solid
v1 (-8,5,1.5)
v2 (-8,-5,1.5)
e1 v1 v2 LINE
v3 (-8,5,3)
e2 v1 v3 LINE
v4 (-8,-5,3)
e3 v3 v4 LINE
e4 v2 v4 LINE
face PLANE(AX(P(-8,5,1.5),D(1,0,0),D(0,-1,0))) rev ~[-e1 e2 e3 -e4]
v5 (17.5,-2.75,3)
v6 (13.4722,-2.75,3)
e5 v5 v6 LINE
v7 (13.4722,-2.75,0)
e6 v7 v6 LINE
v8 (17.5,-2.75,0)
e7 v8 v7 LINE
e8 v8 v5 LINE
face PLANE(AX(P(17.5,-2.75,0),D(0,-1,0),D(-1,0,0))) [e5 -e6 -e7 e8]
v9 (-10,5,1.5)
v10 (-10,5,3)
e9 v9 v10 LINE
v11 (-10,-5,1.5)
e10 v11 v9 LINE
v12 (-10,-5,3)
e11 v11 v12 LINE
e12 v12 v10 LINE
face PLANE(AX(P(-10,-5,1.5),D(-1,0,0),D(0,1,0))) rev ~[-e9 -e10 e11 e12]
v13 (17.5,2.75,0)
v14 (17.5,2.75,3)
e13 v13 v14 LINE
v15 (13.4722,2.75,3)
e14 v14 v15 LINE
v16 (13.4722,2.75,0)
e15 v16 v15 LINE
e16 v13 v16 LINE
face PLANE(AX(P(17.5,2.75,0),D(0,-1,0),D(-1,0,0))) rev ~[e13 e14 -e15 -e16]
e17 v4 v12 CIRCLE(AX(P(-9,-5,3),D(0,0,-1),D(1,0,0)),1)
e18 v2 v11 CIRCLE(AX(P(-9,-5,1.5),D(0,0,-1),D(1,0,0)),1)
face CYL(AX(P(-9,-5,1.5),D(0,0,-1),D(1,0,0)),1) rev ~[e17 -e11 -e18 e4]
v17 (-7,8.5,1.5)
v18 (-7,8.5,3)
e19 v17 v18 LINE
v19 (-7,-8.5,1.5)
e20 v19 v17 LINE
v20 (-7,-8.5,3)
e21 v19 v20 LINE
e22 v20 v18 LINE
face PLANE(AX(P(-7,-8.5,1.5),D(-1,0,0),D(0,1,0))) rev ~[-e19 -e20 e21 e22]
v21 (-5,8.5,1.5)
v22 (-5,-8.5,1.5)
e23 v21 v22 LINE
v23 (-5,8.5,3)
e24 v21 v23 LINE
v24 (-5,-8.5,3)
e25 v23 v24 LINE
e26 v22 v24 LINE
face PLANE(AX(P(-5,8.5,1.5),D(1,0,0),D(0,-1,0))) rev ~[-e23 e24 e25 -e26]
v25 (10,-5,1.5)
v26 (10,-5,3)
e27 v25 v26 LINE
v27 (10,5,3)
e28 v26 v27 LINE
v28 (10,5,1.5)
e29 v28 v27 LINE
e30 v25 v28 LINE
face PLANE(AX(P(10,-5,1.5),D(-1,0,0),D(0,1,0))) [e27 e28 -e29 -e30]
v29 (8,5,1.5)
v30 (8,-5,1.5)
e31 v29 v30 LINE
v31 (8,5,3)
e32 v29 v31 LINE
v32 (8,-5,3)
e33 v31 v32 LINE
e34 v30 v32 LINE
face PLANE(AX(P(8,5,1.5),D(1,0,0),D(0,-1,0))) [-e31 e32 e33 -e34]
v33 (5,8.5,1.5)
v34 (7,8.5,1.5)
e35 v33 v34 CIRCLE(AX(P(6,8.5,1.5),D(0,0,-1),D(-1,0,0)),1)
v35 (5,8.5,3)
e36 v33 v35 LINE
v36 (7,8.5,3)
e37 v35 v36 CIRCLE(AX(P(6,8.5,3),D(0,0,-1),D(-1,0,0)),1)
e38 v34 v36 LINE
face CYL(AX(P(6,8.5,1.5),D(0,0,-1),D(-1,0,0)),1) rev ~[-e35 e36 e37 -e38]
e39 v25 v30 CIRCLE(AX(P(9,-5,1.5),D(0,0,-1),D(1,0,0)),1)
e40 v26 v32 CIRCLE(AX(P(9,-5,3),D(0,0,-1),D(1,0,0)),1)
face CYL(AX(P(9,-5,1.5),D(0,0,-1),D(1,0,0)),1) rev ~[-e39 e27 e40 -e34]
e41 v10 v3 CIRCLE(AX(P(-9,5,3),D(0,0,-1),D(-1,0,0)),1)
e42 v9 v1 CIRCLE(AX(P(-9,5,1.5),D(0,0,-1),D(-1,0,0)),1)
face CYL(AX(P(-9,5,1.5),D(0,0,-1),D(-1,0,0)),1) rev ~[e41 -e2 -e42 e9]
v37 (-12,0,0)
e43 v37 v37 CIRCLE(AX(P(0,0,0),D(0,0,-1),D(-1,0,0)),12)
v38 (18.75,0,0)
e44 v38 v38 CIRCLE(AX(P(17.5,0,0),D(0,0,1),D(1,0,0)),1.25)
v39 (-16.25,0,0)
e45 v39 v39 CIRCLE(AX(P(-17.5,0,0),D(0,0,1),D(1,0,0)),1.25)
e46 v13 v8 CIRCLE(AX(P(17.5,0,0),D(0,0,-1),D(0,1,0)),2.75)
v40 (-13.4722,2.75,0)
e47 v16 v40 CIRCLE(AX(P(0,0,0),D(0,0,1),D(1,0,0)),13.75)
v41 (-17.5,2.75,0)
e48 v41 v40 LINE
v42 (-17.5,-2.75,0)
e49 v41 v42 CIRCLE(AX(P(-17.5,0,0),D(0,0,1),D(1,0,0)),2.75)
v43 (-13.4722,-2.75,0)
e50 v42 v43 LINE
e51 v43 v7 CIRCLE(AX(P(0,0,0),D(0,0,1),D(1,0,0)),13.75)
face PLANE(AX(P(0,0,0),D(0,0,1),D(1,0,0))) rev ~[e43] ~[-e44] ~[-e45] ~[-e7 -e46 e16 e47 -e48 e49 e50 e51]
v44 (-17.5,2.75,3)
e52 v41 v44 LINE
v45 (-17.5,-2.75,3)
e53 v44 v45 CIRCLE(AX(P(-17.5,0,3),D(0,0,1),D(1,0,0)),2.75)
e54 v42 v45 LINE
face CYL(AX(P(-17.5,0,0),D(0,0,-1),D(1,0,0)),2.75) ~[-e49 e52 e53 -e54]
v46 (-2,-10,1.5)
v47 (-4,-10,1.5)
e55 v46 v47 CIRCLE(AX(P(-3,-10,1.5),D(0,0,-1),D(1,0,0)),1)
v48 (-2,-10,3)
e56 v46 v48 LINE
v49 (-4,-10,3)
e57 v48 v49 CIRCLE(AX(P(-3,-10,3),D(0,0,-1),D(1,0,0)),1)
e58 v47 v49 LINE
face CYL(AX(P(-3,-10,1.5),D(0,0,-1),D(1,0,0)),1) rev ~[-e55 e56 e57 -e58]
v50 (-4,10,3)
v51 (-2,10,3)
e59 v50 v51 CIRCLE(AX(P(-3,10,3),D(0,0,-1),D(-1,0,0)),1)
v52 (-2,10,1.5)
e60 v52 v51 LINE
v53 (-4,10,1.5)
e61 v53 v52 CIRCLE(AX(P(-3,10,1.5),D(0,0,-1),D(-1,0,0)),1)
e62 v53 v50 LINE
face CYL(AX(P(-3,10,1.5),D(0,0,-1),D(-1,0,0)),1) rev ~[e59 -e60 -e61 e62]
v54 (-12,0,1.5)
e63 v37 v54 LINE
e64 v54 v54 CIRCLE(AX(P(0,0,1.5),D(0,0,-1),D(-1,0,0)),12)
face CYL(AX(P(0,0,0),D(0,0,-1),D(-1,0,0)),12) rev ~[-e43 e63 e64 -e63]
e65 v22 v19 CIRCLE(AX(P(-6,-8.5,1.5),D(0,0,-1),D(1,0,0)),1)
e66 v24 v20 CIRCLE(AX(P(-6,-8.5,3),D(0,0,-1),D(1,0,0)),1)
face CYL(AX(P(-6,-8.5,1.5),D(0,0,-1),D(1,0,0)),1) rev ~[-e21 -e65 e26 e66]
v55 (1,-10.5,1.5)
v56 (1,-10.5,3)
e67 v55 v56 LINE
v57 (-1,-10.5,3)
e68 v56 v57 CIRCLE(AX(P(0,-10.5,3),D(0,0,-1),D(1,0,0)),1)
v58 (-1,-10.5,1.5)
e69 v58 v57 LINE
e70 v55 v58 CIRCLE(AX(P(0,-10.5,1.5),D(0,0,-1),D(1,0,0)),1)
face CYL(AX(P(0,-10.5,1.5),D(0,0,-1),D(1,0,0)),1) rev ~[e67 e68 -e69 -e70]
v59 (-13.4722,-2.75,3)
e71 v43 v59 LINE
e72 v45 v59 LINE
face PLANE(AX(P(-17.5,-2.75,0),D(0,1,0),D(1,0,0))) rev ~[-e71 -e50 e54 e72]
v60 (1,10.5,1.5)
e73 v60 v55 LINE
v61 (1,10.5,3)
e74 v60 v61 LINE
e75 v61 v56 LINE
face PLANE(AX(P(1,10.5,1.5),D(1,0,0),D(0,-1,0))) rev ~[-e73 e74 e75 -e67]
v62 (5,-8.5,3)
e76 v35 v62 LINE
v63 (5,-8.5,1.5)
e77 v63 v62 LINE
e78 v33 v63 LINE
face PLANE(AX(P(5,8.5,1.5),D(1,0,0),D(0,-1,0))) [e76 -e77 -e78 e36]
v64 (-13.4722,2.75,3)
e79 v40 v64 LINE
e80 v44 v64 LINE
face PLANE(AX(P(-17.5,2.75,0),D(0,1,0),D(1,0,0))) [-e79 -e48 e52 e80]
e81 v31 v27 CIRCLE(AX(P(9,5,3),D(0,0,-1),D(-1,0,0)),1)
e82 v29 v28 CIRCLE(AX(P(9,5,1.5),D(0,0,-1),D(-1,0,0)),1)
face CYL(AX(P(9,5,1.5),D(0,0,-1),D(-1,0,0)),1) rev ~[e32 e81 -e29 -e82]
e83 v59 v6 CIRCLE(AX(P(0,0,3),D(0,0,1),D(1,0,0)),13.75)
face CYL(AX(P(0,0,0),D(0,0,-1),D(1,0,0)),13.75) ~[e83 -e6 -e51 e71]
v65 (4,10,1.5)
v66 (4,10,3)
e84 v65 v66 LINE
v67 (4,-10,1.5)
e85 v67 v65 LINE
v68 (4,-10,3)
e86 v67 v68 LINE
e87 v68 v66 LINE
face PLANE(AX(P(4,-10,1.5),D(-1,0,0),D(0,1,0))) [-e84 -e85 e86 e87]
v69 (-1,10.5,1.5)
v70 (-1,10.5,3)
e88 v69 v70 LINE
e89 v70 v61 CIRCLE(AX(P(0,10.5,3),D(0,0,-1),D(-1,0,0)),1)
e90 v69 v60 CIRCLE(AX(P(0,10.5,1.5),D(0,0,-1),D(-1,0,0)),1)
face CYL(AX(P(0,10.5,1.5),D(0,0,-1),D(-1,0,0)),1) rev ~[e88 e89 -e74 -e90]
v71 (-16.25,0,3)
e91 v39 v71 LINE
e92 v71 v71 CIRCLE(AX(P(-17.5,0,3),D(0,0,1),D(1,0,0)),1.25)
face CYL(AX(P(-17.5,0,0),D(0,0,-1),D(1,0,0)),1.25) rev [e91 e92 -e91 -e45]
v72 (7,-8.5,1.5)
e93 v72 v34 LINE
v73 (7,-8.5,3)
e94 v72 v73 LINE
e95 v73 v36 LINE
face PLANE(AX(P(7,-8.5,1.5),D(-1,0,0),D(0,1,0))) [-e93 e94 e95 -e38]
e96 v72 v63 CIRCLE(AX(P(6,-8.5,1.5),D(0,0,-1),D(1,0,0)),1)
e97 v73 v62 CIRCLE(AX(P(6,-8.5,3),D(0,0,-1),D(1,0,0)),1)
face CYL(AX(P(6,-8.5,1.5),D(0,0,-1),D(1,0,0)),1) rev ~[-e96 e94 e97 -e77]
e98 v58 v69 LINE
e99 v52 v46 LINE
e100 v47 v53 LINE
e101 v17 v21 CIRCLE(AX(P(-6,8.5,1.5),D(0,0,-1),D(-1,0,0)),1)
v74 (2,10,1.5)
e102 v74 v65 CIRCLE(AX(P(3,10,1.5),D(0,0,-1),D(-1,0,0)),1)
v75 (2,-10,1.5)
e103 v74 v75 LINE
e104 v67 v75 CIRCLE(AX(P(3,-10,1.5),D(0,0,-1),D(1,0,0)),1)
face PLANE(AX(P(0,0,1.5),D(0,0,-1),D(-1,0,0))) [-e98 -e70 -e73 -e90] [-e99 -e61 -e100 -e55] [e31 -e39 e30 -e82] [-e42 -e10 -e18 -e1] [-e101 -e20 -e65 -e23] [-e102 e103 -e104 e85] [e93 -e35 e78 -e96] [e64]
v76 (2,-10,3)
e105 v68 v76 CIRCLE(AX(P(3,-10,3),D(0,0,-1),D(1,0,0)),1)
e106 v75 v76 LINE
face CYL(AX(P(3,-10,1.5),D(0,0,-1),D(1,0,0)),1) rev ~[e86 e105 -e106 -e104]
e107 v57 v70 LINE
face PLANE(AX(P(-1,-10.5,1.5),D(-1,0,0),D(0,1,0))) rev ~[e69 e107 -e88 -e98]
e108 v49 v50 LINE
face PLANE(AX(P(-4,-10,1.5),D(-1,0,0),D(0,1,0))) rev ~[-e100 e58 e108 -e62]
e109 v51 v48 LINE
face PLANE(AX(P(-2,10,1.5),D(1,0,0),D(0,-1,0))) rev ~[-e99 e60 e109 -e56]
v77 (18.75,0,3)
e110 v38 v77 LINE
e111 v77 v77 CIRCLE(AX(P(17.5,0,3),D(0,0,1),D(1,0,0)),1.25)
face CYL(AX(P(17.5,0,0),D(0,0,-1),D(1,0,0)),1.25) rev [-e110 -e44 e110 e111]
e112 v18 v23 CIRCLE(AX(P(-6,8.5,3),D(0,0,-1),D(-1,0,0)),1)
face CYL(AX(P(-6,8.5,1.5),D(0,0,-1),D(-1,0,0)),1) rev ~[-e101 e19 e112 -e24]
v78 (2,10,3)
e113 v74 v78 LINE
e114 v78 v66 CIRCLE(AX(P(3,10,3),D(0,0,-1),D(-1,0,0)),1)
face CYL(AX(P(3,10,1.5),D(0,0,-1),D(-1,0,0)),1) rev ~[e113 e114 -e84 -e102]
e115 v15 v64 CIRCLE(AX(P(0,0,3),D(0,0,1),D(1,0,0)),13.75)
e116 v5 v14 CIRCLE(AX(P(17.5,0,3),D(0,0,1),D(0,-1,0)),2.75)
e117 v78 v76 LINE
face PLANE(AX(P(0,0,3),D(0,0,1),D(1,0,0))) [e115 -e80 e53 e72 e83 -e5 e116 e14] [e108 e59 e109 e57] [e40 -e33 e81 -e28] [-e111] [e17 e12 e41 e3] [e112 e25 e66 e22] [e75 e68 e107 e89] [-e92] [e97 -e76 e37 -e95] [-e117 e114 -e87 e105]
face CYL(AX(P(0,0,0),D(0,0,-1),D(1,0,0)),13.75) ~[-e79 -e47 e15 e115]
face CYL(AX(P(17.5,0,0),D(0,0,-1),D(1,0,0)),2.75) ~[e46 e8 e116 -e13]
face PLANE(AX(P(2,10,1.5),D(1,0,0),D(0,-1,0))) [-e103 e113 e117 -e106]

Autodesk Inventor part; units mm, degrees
ref_plane "YZ Plane" through (0, 0, 0) normal (1, 0, 0) x (0, 1, 0)
ref_plane "XZ Plane" through (0, 0, 0) normal (0, 1, 0) x (-1, 0, 0)
ref_plane "XY Plane" through (0, 0, 0) normal (0, 0, 1) x (1, 0, 0)
sketch "스케치1" plane through (0, 0, 0) normal (0, 0, 1) x (1, 0, 0)
  circle A0 centre (0, 0) radius 13.75
  circle A1 centre (17.5, 0) radius 1.25
  circle A2 centre (17.5, 0) radius 2.75
  line L0 (17.5, 2.75) -> (13.4722, 2.75)
  line L1 (17.5, -2.75) -> (13.4722, -2.75)
  line L2 (0, 0) -> (0, 3.2191)
  circle A3 centre (-17.5, 0) radius 1.25
  circle A4 centre (-17.5, 0) radius 2.75
  line L3 (-17.5, 2.75) -> (-13.4722, 2.75)
  line L4 (-17.5, -2.75) -> (-13.4722, -2.75)
  dimension "d0" = 27.5
  dimension "d1" = 2.5
  dimension "d2" = 5.5
  dimension "d22" = 35
extrude "돌출1" add sketch "스케치1" along normal blind 3
sketch "스케치2" plane through (0, 0, 0) normal (0, 0, -1) x (-1, 0, 0)
  circle A0 centre (0, 0) radius 12
  dimension "d5" = 24
extrude "돌출2" cut sketch "스케치2" against normal blind 1.5
sketch "스케치3" plane through (0, 0, 1.5) normal (0, 0, -1) x (-1, 0, 0)
  line L0 (0, 10.5) -> (0, -10.5) construction
  line L1 (-1, 10.5) -> (-1, -10.5)
  line L2 (1, -10.5) -> (1, 10.5)
  arc A0 (1, 10.5) -> (-1, 10.5) centre (0, 10.5) ccw
  arc A1 (-1, -10.5) -> (1, -10.5) centre (0, -10.5) ccw
  line L3 (3, -10) -> (3, 10) construction
  line L4 (4, -10) -> (4, 10)
  line L5 (2, 10) -> (2, -10)
  arc A2 (2, -10) -> (4, -10) centre (3, -10) ccw
  arc A3 (4, 10) -> (2, 10) centre (3, 10) ccw
  line L6 (6, -8.5) -> (6, 8.5) construction
  line L7 (7, -8.5) -> (7, 8.5)
  line L8 (5, 8.5) -> (5, -8.5)
  arc A4 (5, -8.5) -> (7, -8.5) centre (6, -8.5) ccw
  arc A5 (7, 8.5) -> (5, 8.5) centre (6, 8.5) ccw
  line L9 (9, -5) -> (9, 5) construction
  line L10 (10, -5) -> (10, 5)
  line L11 (8, 5) -> (8, -5)
  arc A6 (8, -5) -> (10, -5) centre (9, -5) ccw
  arc A7 (10, 5) -> (8, 5) centre (9, 5) ccw
  line L12 (-3, -10) -> (-3, 10) construction
  line L13 (-4, -10) -> (-4, 10)
  line L14 (-2, 10) -> (-2, -10)
  arc A8 (-4, -10) -> (-2, -10) centre (-3, -10) ccw
  arc A9 (-2, 10) -> (-4, 10) centre (-3, 10) ccw
  line L15 (-6, -8.5) -> (-6, 8.5) construction
  line L16 (-7, -8.5) -> (-7, 8.5)
  line L17 (-5, 8.5) -> (-5, -8.5)
  arc A10 (-7, -8.5) -> (-5, -8.5) centre (-6, -8.5) ccw
  arc A11 (-5, 8.5) -> (-7, 8.5) centre (-6, 8.5) ccw
  line L18 (-9, -5) -> (-9, 5) construction
  line L19 (-10, -5) -> (-10, 5)
  line L20 (-8, 5) -> (-8, -5)
  arc A12 (-10, -5) -> (-8, -5) centre (-9, -5) ccw
  arc A13 (-8, 5) -> (-10, 5) centre (-9, 5) ccw
  point P0 (0, 0)
  point P1 (3, 0)
  point P2 (6, 0)
  point P3 (9, 0)
  point P4 (-3, 0)
  point P5 (-6, 0)
  point P6 (-9, 0)
  dimension "d8" = 21
  dimension "d9" = 1
  dimension "d10" = 1
  dimension "d11" = 1
  dimension "d12" = 20
  dimension "d13" = 17
  dimension "d14" = 1
  dimension "d15" = 1
  dimension "d17" = 1
  dimension "d18" = 10
  dimension "d19" = 1
extrude "돌출3" cut sketch "스케치3" against normal blind 1.5
properties part number "스피커 홀더"
